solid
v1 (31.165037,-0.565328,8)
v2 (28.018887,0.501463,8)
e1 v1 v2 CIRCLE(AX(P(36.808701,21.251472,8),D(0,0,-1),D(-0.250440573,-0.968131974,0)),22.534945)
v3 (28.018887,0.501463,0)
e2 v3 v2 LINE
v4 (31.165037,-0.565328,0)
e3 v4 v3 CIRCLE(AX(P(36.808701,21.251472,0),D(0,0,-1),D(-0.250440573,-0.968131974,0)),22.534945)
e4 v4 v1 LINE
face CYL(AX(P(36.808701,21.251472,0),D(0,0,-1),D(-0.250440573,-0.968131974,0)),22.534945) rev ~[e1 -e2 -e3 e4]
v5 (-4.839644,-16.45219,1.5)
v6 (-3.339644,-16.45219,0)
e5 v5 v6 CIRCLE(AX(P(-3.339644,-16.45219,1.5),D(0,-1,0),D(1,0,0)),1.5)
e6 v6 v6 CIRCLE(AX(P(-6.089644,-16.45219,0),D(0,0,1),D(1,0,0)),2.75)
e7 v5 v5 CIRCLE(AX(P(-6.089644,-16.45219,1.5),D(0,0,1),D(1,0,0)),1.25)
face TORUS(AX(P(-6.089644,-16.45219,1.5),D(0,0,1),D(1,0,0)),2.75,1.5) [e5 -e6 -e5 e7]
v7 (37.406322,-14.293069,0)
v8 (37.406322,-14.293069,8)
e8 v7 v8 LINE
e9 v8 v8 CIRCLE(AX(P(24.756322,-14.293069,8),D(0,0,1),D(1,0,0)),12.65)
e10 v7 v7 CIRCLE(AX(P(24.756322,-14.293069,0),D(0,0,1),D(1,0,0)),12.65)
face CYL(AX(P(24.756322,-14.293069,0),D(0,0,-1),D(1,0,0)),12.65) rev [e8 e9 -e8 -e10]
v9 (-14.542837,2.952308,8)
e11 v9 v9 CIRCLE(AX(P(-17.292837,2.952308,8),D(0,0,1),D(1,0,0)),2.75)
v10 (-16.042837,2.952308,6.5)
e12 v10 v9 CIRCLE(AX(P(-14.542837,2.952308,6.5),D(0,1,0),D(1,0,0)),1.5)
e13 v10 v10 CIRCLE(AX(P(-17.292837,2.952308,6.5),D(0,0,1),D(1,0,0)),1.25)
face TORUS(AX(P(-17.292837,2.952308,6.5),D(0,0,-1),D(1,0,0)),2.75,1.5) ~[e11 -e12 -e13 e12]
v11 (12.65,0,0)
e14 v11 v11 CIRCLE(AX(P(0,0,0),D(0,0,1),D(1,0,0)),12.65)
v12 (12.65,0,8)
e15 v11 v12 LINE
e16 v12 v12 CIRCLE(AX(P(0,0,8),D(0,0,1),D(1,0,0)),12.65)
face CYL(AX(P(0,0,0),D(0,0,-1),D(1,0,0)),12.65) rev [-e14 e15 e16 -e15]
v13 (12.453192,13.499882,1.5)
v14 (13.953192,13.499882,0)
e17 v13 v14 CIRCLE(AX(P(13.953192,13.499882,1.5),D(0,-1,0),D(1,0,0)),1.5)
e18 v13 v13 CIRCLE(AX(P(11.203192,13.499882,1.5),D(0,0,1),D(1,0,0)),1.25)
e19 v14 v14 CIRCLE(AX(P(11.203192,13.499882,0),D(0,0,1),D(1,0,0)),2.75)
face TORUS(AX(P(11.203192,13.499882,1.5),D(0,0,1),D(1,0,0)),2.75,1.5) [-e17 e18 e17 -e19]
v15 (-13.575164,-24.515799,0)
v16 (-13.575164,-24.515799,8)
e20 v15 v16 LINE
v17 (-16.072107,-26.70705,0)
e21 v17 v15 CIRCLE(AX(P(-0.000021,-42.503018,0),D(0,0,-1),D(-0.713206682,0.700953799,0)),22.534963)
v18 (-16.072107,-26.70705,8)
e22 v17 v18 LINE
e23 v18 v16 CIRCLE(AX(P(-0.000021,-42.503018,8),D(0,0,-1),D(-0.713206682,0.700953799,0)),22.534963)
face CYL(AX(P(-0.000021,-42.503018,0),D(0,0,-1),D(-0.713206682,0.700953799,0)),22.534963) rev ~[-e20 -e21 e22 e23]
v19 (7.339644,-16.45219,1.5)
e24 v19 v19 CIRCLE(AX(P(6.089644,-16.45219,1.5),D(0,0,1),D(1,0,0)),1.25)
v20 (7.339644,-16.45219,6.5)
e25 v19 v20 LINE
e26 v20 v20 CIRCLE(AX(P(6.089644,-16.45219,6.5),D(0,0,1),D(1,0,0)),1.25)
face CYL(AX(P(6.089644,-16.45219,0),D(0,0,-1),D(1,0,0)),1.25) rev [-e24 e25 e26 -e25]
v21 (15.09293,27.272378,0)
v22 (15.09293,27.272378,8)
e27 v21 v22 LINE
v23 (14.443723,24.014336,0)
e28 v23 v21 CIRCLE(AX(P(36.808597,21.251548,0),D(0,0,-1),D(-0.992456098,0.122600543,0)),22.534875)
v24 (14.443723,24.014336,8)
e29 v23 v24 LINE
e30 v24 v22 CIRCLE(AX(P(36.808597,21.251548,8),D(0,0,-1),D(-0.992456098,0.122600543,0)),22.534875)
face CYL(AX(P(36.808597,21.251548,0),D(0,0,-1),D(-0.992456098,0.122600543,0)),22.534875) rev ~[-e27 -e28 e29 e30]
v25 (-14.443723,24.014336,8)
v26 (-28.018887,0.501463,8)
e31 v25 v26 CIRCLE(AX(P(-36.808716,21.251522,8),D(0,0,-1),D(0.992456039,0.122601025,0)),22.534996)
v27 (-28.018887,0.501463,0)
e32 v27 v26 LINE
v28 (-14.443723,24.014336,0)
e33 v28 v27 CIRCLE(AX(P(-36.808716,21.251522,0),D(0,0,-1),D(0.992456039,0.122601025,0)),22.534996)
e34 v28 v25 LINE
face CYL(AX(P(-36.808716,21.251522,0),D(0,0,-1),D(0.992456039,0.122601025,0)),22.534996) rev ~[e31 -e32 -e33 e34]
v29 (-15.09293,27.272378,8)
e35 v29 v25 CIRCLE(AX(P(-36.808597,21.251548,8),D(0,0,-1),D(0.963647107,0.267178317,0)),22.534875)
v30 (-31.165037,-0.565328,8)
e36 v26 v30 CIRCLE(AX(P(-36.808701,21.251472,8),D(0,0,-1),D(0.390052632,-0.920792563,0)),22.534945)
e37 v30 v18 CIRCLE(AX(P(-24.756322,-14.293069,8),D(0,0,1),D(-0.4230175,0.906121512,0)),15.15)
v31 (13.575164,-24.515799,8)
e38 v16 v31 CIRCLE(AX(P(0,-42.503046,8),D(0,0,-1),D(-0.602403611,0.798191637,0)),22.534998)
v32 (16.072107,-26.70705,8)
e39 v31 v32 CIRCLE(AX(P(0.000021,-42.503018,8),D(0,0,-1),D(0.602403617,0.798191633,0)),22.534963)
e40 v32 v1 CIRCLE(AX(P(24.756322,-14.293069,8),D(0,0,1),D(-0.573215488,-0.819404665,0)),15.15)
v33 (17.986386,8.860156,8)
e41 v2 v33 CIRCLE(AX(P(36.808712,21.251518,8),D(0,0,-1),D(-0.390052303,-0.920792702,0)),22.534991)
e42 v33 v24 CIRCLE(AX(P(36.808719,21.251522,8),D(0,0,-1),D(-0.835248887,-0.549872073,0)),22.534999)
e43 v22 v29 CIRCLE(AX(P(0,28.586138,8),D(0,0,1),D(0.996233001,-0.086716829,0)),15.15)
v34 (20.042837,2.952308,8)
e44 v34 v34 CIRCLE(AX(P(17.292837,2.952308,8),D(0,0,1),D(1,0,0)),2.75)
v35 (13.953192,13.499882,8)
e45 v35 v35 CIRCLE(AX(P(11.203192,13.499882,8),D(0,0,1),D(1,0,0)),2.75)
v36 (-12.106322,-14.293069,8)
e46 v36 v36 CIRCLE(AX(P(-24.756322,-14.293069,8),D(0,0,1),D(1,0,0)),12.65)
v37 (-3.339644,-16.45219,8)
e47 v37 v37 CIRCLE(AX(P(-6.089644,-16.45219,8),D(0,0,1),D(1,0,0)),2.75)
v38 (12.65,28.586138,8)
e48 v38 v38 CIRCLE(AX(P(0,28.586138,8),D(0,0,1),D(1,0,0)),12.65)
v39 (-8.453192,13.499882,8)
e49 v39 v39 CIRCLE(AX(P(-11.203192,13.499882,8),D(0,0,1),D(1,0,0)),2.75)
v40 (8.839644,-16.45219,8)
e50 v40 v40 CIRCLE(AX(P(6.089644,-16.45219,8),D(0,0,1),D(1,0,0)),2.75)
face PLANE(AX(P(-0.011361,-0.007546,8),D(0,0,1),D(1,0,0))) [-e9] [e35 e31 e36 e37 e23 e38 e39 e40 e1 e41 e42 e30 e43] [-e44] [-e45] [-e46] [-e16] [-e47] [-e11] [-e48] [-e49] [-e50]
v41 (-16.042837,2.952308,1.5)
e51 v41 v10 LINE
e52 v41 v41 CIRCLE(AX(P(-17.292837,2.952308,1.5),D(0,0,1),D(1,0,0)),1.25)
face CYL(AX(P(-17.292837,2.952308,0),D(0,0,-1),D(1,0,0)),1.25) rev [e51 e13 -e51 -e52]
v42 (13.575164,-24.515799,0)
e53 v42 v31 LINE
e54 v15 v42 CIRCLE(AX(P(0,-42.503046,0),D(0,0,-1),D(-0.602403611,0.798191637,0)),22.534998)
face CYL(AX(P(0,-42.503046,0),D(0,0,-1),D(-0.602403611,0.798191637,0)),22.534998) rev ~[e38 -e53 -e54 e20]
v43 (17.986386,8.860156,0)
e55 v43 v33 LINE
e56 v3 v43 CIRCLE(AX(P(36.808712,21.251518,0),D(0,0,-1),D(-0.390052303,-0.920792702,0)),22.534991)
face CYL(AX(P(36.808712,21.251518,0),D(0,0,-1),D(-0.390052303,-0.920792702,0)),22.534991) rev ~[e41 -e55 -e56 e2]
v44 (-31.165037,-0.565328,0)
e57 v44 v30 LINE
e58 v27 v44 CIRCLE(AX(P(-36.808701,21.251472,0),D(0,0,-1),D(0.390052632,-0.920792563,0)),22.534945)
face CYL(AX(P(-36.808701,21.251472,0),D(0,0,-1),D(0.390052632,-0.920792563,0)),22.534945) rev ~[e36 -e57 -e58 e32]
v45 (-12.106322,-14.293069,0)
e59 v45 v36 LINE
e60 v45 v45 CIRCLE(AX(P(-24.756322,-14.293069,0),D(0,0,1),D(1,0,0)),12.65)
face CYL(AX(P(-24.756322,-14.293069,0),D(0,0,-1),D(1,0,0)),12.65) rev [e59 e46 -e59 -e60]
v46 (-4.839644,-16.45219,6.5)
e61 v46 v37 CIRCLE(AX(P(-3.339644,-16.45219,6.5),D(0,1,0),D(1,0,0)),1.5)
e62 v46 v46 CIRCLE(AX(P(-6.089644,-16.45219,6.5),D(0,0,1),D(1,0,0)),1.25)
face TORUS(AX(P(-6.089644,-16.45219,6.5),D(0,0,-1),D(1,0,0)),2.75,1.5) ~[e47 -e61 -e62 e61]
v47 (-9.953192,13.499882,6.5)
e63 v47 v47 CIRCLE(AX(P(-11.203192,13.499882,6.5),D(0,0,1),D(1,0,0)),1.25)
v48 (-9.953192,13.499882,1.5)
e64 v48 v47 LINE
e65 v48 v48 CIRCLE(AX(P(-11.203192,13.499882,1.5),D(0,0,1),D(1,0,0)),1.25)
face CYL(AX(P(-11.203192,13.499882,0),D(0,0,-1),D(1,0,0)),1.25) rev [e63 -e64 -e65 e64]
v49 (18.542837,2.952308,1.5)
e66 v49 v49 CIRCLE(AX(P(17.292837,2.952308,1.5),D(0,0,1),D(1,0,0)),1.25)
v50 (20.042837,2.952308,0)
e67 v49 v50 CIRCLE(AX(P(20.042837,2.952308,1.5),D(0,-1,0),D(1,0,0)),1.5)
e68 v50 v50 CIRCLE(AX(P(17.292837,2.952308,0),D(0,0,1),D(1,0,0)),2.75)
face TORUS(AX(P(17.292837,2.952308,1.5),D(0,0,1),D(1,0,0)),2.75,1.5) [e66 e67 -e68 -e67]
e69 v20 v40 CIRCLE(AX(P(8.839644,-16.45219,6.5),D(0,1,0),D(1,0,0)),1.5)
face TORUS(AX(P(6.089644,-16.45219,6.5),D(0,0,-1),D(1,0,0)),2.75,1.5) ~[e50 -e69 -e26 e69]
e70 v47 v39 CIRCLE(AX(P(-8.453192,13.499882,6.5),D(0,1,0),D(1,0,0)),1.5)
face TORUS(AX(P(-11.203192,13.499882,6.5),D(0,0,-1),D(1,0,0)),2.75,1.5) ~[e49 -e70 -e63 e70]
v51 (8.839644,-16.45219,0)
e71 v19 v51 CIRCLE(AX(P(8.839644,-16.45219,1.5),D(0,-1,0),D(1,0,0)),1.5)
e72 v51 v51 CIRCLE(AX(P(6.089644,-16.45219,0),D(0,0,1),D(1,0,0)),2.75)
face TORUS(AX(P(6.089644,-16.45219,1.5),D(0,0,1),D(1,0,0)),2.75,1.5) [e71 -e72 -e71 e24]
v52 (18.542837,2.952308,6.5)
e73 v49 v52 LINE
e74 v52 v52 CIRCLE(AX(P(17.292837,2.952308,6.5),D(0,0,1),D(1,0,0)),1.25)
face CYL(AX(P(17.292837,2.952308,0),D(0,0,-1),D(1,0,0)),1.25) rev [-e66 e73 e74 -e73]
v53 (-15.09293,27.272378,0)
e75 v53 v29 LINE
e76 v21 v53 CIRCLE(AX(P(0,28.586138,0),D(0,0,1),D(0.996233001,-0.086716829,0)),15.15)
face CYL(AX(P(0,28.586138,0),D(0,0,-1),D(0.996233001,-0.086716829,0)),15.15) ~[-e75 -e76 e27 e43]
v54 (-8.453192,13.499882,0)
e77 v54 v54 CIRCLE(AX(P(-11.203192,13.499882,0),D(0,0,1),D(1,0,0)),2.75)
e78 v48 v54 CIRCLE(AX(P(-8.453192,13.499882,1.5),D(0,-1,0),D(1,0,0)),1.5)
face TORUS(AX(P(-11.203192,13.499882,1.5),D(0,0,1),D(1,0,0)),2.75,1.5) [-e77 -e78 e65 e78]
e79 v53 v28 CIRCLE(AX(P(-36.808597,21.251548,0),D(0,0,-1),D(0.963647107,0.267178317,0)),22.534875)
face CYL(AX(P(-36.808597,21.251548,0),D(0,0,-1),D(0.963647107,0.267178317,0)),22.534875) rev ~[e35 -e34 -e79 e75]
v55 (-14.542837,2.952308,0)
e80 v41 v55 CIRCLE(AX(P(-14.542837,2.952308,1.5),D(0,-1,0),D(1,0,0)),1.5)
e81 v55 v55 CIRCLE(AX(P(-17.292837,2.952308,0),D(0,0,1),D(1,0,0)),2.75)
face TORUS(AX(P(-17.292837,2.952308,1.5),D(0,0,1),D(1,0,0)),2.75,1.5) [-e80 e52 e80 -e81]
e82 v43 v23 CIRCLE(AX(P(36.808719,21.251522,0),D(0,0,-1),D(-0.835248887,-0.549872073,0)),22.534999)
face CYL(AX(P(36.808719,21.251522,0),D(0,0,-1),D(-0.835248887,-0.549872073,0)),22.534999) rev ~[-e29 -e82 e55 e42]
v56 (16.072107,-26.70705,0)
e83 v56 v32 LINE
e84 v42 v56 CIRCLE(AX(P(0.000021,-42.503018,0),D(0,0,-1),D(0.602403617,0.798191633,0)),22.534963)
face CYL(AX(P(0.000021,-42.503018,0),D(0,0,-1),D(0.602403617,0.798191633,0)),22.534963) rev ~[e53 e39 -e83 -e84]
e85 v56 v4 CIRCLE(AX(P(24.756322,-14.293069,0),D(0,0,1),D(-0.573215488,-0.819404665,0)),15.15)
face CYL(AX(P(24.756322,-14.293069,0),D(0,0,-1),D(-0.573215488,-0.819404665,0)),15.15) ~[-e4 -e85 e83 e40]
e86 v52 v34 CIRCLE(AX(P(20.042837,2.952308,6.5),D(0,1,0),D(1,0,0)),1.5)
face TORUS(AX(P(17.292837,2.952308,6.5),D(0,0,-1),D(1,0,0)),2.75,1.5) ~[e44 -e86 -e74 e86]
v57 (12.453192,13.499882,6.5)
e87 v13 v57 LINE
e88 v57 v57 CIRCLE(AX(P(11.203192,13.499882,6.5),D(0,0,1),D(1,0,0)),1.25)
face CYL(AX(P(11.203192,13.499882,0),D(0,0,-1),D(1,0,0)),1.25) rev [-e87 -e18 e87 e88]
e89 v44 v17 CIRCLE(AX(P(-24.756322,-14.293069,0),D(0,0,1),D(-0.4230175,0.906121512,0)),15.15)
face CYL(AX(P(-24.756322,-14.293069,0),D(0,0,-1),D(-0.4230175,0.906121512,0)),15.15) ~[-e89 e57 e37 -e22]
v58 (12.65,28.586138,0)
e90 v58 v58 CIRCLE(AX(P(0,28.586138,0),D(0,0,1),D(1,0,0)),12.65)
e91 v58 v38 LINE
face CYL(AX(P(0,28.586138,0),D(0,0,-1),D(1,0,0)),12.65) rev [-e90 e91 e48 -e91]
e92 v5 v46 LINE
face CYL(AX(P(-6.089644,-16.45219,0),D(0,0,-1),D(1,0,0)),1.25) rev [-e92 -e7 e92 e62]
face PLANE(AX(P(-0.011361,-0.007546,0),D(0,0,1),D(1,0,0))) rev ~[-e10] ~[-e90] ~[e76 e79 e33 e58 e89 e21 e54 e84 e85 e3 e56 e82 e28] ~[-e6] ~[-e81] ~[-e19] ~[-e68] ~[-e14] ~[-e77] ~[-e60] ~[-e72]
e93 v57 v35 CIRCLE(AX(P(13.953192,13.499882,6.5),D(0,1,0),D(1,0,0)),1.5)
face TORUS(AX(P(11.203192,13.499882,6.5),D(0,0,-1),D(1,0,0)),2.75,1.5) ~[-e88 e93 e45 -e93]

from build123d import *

# Parameters (mm, degrees)
F0_R     = 12.65
F0_R_2   = 1.25
F1_DEPTH = 8
F2_R     = 1.5


with BuildPart() as f1:
    # F0 (on Top) → F1 (new body)
    with BuildSketch(Plane.XY):
        with BuildLine():
            ThreePointArc((17.986386, 8.860156), (14.865353, 16.12172), (14.443723, 24.014336))
            ThreePointArc((14.443723, 24.014336), (14.708207, 25.655336), (15.09293, 27.272378))
            ThreePointArc((15.09293, 27.272378), (0, 43.736138), (-15.09293, 27.272378))
            ThreePointArc((-15.09293, 27.272378), (-14.708207, 25.655336), (-14.443723, 24.014336))
            ThreePointArc((-14.443723, 24.014336), (-17.292837, 9.984024), (-28.018887, 0.501463))
            ThreePointArc((-28.018887, 0.501463), (-29.572277, -0.089987), (-31.165037, -0.565328))
            ThreePointArc((-31.165037, -0.565328), (-37.876607, -21.868069), (-16.072107, -26.70705))
            ThreePointArc((-16.072107, -26.70705), (-14.864069, -25.565349), (-13.575164, -24.515799))
            ThreePointArc((-13.575164, -24.515799), (0, -19.968048), (13.575164, -24.515799))
            ThreePointArc((13.575164, -24.515799), (14.864069, -25.565349), (16.072107, -26.70705))
            ThreePointArc((16.072107, -26.70705), (37.876607, -21.868069), (31.165037, -0.565328))
            ThreePointArc((31.165037, -0.565328), (29.572277, -0.089987), (28.018887, 0.501463))
            ThreePointArc((28.018887, 0.501463), (22.383919, 3.938195), (17.986386, 8.860156))
        make_face()
        with Locations((-24.756322, -14.293069)):
            Circle(F0_R, mode=Mode.SUBTRACT)
        with Locations((-6.089644, -16.45219)):
            Circle(F0_R_2, mode=Mode.SUBTRACT)
        with Locations((-17.292837, 2.952308)):
            Circle(F0_R_2, mode=Mode.SUBTRACT)
        with Locations((6.089644, -16.45219)):
            Circle(F0_R_2, mode=Mode.SUBTRACT)
        with Locations((24.756322, -14.293069)):
            Circle(F0_R, mode=Mode.SUBTRACT)
        Circle(F0_R, mode=Mode.SUBTRACT)
        with Locations((17.292837, 2.952308)):
            Circle(F0_R_2, mode=Mode.SUBTRACT)
        with Locations((-11.203192, 13.499882)):
            Circle(F0_R_2, mode=Mode.SUBTRACT)
        with Locations((11.203192, 13.499882)):
            Circle(F0_R_2, mode=Mode.SUBTRACT)
        with Locations((0, 28.586138)):
            Circle(F0_R, mode=Mode.SUBTRACT)
    extrude(amount=F1_DEPTH)

    # F2
    f2_edges = [f1.edges().sort_by_distance(p)[0] for p in [
        (-12.453192, 13.499882, 0),
        (-12.453192, 13.499882, 8),
        (-18.542837, 2.952308, 8),
        (-7.339644, -16.45219, 8),
        (4.839644, -16.45219, 8),
        (16.042837, 2.952308, 8),
        (9.953192, 13.499882, 0),
        (9.953192, 13.499882, 8),
        (-7.339644, -16.45219, 0),
        (4.839644, -16.45219, 0),
        (-18.542837, 2.952308, 0),
        (16.042837, 2.952308, 0),
    ]]
    fillet(f2_edges, radius=F2_R)


solid = f1.part
